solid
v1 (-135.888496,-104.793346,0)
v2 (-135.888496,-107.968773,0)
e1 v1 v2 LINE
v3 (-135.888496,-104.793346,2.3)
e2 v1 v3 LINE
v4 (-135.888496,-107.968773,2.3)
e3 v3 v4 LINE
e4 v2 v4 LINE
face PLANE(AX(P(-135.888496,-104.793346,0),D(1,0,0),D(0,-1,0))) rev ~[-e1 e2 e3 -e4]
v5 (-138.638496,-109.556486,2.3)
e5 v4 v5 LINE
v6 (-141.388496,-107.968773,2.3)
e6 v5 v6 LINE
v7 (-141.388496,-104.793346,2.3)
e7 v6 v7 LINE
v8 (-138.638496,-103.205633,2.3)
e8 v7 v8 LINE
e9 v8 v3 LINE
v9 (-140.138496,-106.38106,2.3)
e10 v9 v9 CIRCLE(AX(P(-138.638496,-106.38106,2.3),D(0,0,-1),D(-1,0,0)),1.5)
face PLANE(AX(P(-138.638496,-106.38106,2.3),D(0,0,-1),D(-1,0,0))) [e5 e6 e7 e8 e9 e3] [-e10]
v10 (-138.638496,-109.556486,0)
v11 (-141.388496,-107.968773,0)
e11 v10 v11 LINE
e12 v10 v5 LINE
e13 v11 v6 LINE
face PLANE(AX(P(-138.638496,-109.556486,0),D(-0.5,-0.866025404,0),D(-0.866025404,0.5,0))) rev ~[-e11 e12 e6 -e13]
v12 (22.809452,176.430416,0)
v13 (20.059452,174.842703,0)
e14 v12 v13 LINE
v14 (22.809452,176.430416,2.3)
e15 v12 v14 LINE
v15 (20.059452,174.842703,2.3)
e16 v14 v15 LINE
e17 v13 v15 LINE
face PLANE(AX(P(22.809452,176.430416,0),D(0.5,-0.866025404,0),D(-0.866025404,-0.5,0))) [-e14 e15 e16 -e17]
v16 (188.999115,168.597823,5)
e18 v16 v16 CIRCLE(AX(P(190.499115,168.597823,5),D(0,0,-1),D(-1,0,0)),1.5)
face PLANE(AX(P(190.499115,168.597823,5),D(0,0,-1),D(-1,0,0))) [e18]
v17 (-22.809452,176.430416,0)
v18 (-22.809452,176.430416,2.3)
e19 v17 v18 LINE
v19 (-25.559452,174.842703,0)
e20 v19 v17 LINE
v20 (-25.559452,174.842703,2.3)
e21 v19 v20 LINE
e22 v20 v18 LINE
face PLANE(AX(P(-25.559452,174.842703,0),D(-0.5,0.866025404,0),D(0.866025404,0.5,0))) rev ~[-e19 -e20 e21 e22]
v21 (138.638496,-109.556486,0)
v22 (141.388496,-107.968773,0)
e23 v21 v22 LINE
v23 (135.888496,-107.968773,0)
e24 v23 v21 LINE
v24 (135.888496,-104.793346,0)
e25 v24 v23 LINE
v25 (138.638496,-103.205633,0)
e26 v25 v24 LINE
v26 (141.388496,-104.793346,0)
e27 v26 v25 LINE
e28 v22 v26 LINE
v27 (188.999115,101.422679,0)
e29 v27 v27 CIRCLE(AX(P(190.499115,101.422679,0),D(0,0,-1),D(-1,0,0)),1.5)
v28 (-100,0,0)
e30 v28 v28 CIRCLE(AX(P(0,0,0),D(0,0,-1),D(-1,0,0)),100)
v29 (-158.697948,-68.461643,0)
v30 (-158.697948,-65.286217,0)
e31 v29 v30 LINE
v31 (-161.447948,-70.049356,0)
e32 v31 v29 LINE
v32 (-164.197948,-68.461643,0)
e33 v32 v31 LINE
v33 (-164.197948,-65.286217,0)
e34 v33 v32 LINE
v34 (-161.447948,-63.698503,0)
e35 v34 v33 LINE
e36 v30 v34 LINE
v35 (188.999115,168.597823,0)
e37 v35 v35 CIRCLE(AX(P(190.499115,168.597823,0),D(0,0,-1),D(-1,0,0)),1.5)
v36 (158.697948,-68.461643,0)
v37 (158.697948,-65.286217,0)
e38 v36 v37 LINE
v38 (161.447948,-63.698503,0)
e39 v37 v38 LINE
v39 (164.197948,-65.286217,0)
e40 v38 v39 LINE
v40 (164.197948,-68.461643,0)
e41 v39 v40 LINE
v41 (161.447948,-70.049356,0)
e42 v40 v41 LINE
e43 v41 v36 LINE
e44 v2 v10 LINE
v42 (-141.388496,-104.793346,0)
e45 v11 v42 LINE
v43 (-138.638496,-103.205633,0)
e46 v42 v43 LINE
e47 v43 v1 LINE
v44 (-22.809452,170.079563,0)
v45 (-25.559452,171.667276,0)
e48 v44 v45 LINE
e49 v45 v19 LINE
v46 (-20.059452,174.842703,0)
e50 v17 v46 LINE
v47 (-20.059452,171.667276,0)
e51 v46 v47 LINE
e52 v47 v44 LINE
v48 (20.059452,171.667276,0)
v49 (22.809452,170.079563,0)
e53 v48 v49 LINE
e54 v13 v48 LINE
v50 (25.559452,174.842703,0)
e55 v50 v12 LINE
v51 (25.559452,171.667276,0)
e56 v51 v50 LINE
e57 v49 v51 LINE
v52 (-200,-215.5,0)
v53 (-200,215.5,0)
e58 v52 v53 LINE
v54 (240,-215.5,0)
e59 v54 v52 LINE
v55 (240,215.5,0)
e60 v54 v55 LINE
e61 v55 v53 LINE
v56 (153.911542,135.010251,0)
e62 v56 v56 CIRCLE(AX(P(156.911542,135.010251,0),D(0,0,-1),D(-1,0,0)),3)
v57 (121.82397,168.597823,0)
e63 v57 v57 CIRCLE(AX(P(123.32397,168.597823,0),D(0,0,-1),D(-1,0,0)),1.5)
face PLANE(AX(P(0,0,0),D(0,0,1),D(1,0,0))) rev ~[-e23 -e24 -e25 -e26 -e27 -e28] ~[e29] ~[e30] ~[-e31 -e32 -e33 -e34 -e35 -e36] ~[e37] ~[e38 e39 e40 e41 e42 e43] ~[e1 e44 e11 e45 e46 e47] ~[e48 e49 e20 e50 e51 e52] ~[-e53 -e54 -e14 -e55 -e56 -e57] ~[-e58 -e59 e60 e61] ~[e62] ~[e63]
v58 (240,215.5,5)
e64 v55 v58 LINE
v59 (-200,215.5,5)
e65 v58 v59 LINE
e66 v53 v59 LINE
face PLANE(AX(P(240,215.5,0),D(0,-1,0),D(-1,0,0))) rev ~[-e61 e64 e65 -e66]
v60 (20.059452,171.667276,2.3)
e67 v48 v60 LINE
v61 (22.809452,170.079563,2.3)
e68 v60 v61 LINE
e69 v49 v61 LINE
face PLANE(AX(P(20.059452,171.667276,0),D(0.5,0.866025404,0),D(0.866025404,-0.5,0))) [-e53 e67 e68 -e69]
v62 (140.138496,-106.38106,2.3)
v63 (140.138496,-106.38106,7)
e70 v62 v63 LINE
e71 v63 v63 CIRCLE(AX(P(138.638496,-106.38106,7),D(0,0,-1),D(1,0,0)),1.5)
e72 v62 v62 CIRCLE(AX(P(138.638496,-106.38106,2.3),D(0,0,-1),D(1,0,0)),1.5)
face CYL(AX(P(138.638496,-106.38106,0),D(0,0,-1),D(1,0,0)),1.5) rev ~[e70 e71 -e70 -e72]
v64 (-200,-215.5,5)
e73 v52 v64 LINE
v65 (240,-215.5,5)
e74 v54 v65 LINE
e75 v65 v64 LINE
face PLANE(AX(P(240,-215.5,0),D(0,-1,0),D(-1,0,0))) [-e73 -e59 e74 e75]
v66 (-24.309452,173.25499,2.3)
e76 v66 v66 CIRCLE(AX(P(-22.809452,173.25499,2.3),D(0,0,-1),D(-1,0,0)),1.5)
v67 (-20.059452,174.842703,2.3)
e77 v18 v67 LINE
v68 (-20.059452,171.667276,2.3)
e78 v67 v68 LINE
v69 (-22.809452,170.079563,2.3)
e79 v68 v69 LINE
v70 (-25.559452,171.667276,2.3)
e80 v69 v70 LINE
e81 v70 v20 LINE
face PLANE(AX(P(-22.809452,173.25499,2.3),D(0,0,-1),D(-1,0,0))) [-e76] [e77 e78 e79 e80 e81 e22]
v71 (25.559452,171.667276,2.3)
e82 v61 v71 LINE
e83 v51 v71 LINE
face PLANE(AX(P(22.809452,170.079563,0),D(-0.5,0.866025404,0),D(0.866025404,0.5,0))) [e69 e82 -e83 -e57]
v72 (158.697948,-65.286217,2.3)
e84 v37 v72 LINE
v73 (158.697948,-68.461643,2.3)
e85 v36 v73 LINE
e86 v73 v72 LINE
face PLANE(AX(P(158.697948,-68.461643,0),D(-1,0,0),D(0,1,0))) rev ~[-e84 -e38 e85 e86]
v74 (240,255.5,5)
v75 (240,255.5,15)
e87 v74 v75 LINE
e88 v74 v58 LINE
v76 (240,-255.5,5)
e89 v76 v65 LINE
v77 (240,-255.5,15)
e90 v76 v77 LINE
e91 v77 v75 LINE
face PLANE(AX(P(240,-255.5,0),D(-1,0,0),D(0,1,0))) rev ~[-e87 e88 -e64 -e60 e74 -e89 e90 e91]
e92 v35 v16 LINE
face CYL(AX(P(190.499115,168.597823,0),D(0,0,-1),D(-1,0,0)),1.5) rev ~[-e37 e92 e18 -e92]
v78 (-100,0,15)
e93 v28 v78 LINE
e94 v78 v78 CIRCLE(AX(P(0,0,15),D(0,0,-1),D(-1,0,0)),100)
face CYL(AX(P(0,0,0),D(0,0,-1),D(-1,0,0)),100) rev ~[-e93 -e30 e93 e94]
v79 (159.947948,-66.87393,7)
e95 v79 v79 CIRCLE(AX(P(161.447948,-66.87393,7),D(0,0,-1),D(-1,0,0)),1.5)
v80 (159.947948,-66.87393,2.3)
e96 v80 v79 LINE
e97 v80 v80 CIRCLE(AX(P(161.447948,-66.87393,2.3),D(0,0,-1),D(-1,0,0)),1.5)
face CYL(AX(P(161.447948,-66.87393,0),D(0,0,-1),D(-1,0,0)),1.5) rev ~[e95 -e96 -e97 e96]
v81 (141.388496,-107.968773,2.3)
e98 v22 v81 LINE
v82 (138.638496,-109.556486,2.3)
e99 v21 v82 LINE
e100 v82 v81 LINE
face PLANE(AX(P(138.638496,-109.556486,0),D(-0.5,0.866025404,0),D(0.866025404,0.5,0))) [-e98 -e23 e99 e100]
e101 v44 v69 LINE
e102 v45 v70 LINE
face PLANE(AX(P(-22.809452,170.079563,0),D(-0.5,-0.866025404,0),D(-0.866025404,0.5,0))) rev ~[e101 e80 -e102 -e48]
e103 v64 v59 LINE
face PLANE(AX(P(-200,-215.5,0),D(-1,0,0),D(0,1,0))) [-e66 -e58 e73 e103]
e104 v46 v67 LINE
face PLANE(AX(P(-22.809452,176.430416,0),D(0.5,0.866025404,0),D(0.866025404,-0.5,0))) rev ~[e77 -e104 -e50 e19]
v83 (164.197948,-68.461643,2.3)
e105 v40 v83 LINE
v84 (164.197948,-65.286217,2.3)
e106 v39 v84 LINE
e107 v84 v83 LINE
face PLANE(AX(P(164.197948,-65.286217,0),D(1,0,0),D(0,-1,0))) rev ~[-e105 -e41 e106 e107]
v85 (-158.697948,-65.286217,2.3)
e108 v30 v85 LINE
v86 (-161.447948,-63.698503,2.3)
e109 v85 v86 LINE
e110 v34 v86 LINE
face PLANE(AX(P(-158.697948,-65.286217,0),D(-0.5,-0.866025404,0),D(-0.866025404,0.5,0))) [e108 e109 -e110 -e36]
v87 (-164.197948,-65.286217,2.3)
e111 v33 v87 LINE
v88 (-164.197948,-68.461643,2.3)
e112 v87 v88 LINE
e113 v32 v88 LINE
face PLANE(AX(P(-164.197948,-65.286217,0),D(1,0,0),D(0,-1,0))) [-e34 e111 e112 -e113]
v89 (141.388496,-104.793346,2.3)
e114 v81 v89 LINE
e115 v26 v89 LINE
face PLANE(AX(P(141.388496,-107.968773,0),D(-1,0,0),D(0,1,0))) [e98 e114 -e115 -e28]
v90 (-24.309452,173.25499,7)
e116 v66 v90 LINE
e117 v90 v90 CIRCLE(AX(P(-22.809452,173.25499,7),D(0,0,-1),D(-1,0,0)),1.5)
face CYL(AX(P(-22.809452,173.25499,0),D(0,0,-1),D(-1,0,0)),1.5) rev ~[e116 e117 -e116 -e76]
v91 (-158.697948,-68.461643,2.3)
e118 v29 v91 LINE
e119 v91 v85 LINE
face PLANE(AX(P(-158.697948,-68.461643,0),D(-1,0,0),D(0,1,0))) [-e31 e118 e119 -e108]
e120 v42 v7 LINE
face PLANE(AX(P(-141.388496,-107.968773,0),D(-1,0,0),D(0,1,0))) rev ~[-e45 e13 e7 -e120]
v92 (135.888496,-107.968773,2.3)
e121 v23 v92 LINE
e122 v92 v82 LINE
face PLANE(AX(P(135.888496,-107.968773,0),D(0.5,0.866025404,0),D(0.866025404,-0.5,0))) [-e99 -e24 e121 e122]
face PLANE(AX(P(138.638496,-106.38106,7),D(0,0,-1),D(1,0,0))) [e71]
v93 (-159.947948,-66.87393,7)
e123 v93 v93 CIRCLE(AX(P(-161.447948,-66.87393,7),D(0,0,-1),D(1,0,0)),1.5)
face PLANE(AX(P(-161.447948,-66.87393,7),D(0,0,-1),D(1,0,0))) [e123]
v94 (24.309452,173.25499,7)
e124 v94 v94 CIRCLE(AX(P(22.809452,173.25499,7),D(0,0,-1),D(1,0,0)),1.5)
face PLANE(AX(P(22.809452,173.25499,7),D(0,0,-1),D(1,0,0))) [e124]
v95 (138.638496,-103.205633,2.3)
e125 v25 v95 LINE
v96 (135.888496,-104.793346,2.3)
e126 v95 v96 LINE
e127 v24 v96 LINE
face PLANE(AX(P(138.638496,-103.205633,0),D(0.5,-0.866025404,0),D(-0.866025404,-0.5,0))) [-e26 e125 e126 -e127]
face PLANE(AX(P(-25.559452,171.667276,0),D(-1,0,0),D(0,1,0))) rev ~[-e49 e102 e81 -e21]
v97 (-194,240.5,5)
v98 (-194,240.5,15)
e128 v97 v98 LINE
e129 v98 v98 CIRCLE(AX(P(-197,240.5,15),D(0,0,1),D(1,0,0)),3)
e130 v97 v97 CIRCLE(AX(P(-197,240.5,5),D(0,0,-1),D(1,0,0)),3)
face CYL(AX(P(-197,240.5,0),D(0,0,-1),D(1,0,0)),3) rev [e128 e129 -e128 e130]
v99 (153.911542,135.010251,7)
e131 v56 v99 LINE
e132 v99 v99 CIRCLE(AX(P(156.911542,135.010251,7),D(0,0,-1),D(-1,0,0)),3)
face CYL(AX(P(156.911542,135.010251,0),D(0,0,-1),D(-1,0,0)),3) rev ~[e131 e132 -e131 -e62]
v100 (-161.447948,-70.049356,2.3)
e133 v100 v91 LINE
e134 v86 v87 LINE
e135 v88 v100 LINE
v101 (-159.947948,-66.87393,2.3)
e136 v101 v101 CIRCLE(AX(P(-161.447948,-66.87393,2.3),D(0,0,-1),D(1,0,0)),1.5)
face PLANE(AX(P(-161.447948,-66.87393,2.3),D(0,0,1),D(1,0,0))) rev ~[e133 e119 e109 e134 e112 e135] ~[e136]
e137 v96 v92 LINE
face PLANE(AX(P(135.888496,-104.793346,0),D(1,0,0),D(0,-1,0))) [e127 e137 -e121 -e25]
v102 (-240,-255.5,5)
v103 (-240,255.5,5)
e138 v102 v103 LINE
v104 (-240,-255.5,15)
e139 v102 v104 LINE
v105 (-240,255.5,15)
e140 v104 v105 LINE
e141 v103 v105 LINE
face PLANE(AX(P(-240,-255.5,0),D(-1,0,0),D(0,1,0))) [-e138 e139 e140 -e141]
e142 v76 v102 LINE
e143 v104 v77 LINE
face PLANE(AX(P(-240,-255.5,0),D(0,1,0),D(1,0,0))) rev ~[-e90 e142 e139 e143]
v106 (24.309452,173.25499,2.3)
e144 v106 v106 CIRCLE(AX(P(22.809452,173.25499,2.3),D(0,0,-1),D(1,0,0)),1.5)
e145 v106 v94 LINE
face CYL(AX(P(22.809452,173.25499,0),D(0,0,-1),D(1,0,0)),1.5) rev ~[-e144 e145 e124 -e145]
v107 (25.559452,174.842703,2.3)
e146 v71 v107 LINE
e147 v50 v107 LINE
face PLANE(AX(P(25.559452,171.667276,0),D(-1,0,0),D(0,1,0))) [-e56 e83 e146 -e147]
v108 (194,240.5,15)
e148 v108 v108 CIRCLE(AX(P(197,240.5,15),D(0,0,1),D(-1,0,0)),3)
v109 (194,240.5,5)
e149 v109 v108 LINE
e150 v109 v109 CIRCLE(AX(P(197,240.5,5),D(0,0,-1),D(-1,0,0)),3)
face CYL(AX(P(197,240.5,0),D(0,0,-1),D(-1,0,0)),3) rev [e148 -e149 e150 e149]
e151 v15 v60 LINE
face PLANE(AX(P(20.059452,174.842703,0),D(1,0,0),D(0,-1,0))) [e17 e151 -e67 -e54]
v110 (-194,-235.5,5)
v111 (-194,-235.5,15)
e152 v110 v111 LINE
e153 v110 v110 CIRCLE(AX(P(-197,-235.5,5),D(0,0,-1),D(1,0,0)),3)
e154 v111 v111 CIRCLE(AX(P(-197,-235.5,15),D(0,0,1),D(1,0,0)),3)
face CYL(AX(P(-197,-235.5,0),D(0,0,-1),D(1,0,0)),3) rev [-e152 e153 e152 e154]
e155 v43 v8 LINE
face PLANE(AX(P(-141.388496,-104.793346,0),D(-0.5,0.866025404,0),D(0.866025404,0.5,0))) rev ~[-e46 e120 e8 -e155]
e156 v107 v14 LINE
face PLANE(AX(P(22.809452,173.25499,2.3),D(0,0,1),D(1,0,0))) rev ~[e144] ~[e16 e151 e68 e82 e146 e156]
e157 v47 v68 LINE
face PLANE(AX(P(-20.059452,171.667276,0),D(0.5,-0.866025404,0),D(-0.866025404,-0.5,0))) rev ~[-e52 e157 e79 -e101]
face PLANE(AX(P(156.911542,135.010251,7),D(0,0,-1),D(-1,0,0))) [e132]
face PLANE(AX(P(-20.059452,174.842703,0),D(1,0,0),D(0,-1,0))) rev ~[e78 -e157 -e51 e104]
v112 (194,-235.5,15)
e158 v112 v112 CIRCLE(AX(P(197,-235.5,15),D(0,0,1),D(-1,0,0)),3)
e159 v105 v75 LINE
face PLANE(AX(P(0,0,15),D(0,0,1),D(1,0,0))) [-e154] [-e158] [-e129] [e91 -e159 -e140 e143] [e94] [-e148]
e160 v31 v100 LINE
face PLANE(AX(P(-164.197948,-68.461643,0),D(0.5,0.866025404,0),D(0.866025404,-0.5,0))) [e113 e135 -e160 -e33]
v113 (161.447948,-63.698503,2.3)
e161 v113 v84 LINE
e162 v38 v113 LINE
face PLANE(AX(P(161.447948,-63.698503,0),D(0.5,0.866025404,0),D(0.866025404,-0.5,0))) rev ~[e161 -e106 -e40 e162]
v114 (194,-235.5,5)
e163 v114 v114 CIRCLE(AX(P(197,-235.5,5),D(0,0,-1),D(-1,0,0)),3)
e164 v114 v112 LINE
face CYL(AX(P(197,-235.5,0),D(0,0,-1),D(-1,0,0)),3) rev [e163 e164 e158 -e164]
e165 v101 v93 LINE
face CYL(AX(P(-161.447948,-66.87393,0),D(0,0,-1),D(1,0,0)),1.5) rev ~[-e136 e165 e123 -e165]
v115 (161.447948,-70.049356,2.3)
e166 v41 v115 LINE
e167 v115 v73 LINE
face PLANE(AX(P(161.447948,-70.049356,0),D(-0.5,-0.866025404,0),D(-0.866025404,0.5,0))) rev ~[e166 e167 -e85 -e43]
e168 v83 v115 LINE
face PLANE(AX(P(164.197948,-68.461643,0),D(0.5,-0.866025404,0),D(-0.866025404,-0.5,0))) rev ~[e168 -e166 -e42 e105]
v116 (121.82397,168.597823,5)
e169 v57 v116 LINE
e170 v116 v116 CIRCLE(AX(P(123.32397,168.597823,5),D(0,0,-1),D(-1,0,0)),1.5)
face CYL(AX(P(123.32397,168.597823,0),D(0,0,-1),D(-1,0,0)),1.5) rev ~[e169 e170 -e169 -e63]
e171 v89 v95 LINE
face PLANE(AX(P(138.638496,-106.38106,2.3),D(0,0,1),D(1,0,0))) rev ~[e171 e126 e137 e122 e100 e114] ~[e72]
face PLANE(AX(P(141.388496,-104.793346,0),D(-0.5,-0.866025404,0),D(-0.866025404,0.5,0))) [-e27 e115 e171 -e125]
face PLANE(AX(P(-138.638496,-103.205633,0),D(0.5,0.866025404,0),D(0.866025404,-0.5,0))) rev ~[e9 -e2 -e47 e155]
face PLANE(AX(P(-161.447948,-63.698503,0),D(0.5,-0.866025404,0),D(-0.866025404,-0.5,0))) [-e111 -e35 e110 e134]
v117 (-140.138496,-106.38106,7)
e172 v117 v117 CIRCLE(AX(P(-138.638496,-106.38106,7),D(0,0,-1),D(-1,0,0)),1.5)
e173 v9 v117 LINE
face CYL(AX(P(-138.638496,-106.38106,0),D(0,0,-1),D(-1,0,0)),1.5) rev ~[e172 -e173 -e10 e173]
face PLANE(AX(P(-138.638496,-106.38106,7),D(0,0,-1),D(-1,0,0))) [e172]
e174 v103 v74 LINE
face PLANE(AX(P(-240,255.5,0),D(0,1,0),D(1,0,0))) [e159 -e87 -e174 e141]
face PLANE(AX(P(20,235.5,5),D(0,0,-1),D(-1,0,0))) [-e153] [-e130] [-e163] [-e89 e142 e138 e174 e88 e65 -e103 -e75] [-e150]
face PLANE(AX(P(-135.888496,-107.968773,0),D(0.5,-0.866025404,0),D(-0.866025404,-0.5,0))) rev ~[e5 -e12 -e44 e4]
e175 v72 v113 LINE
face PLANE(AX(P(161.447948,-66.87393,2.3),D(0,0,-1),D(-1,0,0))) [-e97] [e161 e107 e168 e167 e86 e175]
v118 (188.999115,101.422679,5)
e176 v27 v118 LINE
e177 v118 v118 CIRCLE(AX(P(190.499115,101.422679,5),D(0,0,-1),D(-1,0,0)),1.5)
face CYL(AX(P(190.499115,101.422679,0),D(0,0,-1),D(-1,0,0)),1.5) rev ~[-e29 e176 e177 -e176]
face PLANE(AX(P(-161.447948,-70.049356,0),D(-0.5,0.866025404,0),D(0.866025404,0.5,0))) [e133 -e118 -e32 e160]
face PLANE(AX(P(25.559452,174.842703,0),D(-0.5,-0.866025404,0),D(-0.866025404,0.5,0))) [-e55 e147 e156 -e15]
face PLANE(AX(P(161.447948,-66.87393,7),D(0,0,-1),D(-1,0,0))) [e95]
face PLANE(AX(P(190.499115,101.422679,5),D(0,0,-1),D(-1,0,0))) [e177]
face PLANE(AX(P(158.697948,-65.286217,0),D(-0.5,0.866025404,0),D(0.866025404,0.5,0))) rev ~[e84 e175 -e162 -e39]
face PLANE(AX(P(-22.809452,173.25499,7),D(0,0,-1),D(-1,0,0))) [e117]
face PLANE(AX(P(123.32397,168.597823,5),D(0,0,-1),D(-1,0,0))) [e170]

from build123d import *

# Parameters (mm, degrees)
SKETCH1_W           = 480
SKETCH1_H           = 511
SKETCH1_R           = 3
BOSS_EXTRUDE1_DEPTH = 15
SKETCH2_W           = 40
SKETCH2_H           = 40
SKETCH2_H_2         = 431
SKETCH2_W_2         = 440
CUT_EXTRUDE1_DEPTH  = 5
SKETCH3_R           = 100
CUT_EXTRUDE2_DEPTH  = 15
SKETCH4_R           = 1.5
CUT_EXTRUDE3_DEPTH  = 7
CUT_EXTRUDE4_DEPTH  = 2.3
SKETCH6_R           = 3
CUT_EXTRUDE5_DEPTH  = 7
SKETCH7_R           = 1.5
CUT_EXTRUDE6_DEPTH  = 5


with BuildPart() as part:
    # Sketch1 → Boss-Extrude1 (new body)
    with BuildSketch(Plane.XY):
        Rectangle(SKETCH1_W, SKETCH1_H)
        with Locations((-197, 240.5)):
            Circle(SKETCH1_R, mode=Mode.SUBTRACT)
        with Locations((-197, -235.5)):
            Circle(SKETCH1_R, mode=Mode.SUBTRACT)
        with Locations(Location((197, -235.5, 0), (0, 0, 180))):
            Circle(SKETCH1_R, mode=Mode.SUBTRACT)
        with Locations(Location((197, 240.5, 0), (0, 0, 180))):
            Circle(SKETCH1_R, mode=Mode.SUBTRACT)
    extrude(amount=BOSS_EXTRUDE1_DEPTH)

    # Sketch2 → Cut-Extrude1 (cut)
    with BuildSketch(Plane(origin=(0, 0, 0), x_dir=(-1, 0, 0), z_dir=(0, 0, -1))):
        Polygon((-200, 255.5), (-240, 255.5), (-240, 215.5), (200, 215.5), (200, 255.5), align=None)
        with Locations((220, 235.5)):
            Rectangle(SKETCH2_W, SKETCH2_H)
        with Locations((220, 0)):
            Rectangle(SKETCH2_W, SKETCH2_H_2)
        with Locations((-20, -235.5)):
            Rectangle(SKETCH2_W_2, SKETCH2_H)
        with Locations((220, -235.5)):
            Rectangle(SKETCH2_W, SKETCH2_H)
    extrude(amount=-CUT_EXTRUDE1_DEPTH, mode=Mode.SUBTRACT)

    # Sketch3 → Cut-Extrude2 (cut)
    with BuildSketch(Plane(origin=(0, 0, 0), x_dir=(-1, 0, 0), z_dir=(0, 0, -1))):
        Circle(SKETCH3_R)
    extrude(amount=-CUT_EXTRUDE2_DEPTH, mode=Mode.SUBTRACT)

    # Sketch4 → Cut-Extrude3 (cut)
    with BuildSketch(Plane(origin=(0, 0, 0), x_dir=(-1, 0, 0), z_dir=(0, 0, -1))):
        with Locations((22.80945209, 173.254989525)):
            Circle(SKETCH4_R)
        with Locations(Location((-22.80945209, 173.254989525, 0), (0, 0, 180))):
            Circle(SKETCH4_R)
        with Locations((-161.447948306, -66.873929806)):
            Circle(SKETCH4_R)
        with Locations(Location((-138.638496216, -106.381059719, 0), (0, 0, 180))):
            Circle(SKETCH4_R)
        with Locations((138.638496216, -106.381059719)):
            Circle(SKETCH4_R)
        with Locations(Location((161.447948306, -66.873929806, 0), (0, 0, 180))):
            Circle(SKETCH4_R)
    extrude(amount=-CUT_EXTRUDE3_DEPTH, mode=Mode.SUBTRACT)

    # Sketch5 → Cut-Extrude4 (cut)
    with BuildSketch(Plane(origin=(0, 0, 0), x_dir=(-1, 0, 0), z_dir=(0, 0, -1))):
        Polygon((22.80945209, 176.430416006), (20.05945209, 174.842702765), (20.05945209, 171.667276285), (22.80945209, 170.079563045), (25.55945209, 171.667276285), (25.55945209, 174.842702765), align=None)
        Polygon((-20.05945209, 174.842702765), (-20.05945209, 171.667276285), (-22.80945209, 170.079563045), (-25.55945209, 171.667276285), (-25.55945209, 174.842702765), (-22.80945209, 176.430416006), align=None)
        Polygon((-164.197948306, -68.461643046), (-161.447948306, -70.049356286), (-158.697948306, -68.461643046), (-158.697948306, -65.286216566), (-161.447948306, -63.698503325), (-164.197948306, -65.286216566), align=None)
        Polygon((-138.638496216, -109.5564862), (-141.388496216, -107.96877296), (-141.388496216, -104.793346479), (-138.638496216, -103.205633239), (-135.888496216, -104.793346479), (-135.888496216, -107.96877296), align=None)
        Polygon((141.388496216, -107.96877296), (141.388496216, -104.793346479), (138.638496216, -103.205633239), (135.888496216, -104.793346479), (135.888496216, -107.96877296), (138.638496216, -109.5564862), align=None)
        Polygon((164.197948306, -65.286216566), (164.197948306, -68.461643046), (161.447948306, -70.049356286), (158.697948306, -68.461643046), (158.697948306, -65.286216566), (161.447948306, -63.698503325), align=None)
    extrude(amount=-CUT_EXTRUDE4_DEPTH, mode=Mode.SUBTRACT)

    # Sketch6 → Cut-Extrude5 (cut)
    with BuildSketch(Plane(origin=(0, 0, 0), x_dir=(-1, 0, 0), z_dir=(0, 0, -1))):
        with Locations((-156.911542489, 135.010250847)):
            Circle(SKETCH6_R)
    extrude(amount=-CUT_EXTRUDE5_DEPTH, mode=Mode.SUBTRACT)

    # Sketch7 → Cut-Extrude6 (cut)
    with BuildSketch(Plane(origin=(0, 0, 0), x_dir=(-1, 0, 0), z_dir=(0, 0, -1))):
        with Locations((-123.323970382, 168.597822953)):
            Circle(SKETCH7_R)
        with Locations((-190.499114595, 168.597822953)):
            Circle(SKETCH7_R)
        with Locations((-190.499114595, 101.422678741)):
            Circle(SKETCH7_R)
    extrude(amount=-CUT_EXTRUDE6_DEPTH, mode=Mode.SUBTRACT)


solid = part.part
